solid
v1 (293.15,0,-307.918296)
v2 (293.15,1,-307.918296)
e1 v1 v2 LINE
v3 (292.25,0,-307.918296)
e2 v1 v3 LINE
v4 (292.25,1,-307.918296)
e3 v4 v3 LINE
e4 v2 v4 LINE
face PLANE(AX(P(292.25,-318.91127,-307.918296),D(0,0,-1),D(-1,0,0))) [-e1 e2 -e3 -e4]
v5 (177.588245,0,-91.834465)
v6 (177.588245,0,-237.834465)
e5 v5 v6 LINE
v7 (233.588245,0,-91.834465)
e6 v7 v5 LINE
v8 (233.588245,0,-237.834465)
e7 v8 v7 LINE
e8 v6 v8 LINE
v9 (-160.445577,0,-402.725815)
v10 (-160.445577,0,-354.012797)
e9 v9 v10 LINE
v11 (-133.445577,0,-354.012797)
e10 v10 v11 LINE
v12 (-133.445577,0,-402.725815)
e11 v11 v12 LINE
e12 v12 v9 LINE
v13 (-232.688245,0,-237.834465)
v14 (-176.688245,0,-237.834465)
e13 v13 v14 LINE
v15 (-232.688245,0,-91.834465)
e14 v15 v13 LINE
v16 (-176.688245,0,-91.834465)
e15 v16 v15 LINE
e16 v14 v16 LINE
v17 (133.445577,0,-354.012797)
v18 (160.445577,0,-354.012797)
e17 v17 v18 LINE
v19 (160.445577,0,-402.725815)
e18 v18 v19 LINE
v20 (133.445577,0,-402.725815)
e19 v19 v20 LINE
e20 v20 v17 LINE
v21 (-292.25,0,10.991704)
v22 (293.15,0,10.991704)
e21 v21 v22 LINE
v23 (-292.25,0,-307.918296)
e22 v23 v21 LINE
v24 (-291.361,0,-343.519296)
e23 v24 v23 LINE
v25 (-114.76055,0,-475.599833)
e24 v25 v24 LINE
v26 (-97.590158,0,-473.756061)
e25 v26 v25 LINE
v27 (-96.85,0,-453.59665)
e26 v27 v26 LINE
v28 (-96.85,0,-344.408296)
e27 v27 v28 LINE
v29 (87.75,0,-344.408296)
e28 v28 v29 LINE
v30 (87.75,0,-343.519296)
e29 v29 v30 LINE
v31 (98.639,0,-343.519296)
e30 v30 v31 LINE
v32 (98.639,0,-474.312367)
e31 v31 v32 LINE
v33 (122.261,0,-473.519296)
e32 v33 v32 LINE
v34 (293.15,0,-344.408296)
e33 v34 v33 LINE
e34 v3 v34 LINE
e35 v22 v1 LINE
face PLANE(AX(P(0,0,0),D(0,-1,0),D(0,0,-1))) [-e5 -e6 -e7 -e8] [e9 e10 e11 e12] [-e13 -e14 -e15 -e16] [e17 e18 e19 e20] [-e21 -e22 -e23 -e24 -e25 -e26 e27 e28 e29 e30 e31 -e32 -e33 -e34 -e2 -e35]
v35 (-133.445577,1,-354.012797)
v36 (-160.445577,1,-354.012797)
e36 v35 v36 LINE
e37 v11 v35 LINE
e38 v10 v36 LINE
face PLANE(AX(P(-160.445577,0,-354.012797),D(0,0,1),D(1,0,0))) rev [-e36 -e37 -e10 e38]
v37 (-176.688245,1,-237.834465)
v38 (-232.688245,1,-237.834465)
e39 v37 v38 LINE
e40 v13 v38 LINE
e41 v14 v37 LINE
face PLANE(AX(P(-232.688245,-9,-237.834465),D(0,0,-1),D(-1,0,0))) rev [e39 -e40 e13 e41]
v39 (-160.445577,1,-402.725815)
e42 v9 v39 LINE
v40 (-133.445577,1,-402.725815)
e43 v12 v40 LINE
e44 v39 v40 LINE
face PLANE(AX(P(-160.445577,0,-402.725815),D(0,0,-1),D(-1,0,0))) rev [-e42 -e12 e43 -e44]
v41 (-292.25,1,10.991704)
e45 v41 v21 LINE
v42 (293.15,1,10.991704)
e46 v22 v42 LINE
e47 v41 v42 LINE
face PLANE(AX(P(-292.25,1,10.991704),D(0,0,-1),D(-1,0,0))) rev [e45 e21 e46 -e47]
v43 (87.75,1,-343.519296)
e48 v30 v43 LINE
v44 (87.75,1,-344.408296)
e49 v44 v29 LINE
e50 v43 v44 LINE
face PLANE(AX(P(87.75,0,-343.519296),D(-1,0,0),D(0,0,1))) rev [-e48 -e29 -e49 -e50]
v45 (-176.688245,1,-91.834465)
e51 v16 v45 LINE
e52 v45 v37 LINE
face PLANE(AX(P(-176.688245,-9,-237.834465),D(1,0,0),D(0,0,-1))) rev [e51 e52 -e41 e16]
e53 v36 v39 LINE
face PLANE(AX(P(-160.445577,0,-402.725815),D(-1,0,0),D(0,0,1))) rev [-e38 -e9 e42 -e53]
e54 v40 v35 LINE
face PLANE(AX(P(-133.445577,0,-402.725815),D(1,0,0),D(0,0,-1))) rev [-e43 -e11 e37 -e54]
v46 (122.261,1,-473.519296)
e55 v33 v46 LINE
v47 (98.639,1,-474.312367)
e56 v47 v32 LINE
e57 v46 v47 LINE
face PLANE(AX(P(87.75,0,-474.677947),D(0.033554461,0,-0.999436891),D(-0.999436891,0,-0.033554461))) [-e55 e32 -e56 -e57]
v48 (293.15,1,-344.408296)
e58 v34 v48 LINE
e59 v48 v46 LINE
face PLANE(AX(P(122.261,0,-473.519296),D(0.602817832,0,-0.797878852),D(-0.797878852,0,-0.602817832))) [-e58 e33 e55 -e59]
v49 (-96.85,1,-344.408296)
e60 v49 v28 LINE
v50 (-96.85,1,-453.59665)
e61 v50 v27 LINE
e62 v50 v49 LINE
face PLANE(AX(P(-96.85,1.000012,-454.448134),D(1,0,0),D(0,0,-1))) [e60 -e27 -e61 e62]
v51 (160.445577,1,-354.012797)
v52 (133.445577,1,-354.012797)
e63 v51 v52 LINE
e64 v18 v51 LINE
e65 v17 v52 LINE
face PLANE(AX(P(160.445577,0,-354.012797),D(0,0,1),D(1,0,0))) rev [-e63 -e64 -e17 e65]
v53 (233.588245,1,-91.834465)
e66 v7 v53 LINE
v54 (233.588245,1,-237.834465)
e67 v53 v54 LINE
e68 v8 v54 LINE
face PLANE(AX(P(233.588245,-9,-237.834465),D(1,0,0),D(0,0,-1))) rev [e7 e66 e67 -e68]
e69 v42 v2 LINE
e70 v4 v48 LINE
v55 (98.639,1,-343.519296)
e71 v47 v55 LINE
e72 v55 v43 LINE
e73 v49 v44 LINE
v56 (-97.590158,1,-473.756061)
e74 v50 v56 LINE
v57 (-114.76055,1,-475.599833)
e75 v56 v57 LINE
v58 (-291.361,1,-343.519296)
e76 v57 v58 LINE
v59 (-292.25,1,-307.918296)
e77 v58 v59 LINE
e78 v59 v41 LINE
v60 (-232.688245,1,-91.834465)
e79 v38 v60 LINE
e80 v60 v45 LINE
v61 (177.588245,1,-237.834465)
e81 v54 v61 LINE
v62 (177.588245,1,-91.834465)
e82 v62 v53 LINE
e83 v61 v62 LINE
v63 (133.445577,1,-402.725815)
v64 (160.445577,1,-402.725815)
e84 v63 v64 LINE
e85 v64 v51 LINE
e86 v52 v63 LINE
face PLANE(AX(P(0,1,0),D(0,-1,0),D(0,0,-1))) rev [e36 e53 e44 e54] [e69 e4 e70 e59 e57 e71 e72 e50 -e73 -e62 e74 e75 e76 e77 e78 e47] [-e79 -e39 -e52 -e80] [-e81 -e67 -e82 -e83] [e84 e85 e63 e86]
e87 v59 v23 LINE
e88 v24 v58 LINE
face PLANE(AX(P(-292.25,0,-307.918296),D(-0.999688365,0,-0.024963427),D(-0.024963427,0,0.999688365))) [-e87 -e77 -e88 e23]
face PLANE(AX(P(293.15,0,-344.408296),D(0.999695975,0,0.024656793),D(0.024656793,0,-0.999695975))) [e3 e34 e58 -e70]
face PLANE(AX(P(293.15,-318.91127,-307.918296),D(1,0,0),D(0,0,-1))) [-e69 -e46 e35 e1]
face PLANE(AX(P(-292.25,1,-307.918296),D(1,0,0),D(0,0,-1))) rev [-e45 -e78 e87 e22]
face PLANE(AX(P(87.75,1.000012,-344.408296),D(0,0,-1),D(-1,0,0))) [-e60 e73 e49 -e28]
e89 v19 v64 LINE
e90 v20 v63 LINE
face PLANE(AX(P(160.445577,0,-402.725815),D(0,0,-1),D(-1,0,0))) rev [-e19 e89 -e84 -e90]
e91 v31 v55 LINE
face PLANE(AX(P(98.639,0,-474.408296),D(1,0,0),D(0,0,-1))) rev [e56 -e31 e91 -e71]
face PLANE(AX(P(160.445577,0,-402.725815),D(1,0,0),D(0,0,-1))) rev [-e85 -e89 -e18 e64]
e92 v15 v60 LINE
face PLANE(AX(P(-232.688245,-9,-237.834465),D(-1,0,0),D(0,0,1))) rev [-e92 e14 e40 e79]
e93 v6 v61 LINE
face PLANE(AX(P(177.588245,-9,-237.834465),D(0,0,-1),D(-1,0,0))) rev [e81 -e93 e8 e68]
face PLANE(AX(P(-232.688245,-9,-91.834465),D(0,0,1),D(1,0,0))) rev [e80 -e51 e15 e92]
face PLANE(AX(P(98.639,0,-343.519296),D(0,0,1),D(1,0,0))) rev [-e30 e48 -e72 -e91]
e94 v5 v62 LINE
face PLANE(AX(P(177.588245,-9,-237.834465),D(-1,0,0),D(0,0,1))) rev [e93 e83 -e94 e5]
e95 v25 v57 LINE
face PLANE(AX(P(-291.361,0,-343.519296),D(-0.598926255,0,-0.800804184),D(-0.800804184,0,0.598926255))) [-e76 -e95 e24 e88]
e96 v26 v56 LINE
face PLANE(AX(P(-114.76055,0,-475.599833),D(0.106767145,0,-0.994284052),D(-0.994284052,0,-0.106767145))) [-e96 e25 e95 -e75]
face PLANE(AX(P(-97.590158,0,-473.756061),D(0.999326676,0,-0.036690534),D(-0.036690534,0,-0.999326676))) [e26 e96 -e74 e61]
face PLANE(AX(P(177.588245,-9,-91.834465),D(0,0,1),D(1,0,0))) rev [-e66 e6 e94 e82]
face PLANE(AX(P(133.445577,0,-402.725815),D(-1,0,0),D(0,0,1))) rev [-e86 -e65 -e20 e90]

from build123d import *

# Parameters (mm, degrees)
BOSS_EXTRUDE1_DEPTH     = 1
SKETCH3_W               = 56
SKETCH3_H               = 146
CUT_EXTRUDE2_DEPTH      = 10
CUT_EXTRUDE4_DEPTH      = 607.465859368
CUT_EXTRUDE4_DEPTH_BACK = 607.465859368
SKETCH4_W               = 323.526326174
SKETCH4_H               = 73.784869865
SKETCH5_W               = 0.9
SKETCH5_H               = 318.91
BOSS_EXTRUDE2_DEPTH     = 1
CUT_EXTRUDE6_DEPTH      = 558.674774622
CUT_EXTRUDE6_DEPTH_BACK = 11.5
SKETCH6_W               = 184.6
SKETCH6_H               = 110.039837523
CUT_EXTRUDE7_DEPTH      = 558.674774622
CUT_EXTRUDE7_DEPTH_BACK = 558.674774622
SKETCH7_W               = 27
SKETCH7_H               = 48.713018504
CUT_EXTRUDE8_DEPTH      = 558.674774622
CUT_EXTRUDE8_DEPTH_BACK = 558.674774622
SKETCH8_W               = 268.184865131
SKETCH8_H               = 40.991987157
BOSS_EXTRUDE3_DEPTH     = 1
CUT_EXTRUDE9_DEPTH      = 559.688754003
CUT_EXTRUDE9_DEPTH_BACK = 559.688754003


with BuildPart() as part:
    # Sketch1 → Boss-Extrude1 (new body)
    with BuildSketch(Plane(origin=(0, 0, 0), x_dir=(1, 0, 0), z_dir=(0, 1, 0))):
        Polygon((-292.25, 307.91829646), (-292.25, -10.99170354), (292.25, -10.99170354), (292.25, 307.91829646), (0, 531.403590578), align=None)
    extrude(amount=BOSS_EXTRUDE1_DEPTH)

    # Sketch3 → Cut-Extrude2 (cut)
    with BuildSketch(Plane(origin=(0, 1, 0), x_dir=(1, 0, 0), z_dir=(0, 1, 0))):
        with Locations((-204.688244909, 164.834464834)):
            Rectangle(SKETCH3_W, SKETCH3_H)
        with Locations((205.588244909, 164.834464834)):
            Rectangle(SKETCH3_W, SKETCH3_H)
    extrude(amount=-CUT_EXTRUDE2_DEPTH, mode=Mode.SUBTRACT)

    # Sketch4 → Cut-Extrude4 (cut, two sides: drawn at the far end of the back side and taken through both)
    with BuildSketch(Plane(origin=(0, 1, 0), x_dir=(1, 0, 0), z_dir=(0, 1, 0)).offset(-CUT_EXTRUDE4_DEPTH_BACK)):
        with Locations((-21.051035773, 511.300731392)):
            Rectangle(SKETCH4_W, SKETCH4_H)
    extrude(amount=CUT_EXTRUDE4_DEPTH + CUT_EXTRUDE4_DEPTH_BACK, mode=Mode.SUBTRACT)

    # Sketch5 → Boss-Extrude2 (add)
    with BuildSketch(Plane(origin=(0, 1, 0), x_dir=(1, 0, 0), z_dir=(0, 1, 0))):
        with Locations((292.7, 148.46329646)):
            Rectangle(SKETCH5_W, SKETCH5_H)
    extrude(amount=-BOSS_EXTRUDE2_DEPTH)

    # Sketch6 → Cut-Extrude6 (cut, two sides: drawn at the far end of the back side and taken through both)
    with BuildSketch(Plane(origin=(0, 1, 0), x_dir=(1, 0, 0), z_dir=(0, 1, 0)).offset(-CUT_EXTRUDE6_DEPTH_BACK)):
        with Locations((-4.55, 399.428215222)):
            Rectangle(SKETCH6_W, SKETCH6_H)
    extrude(amount=CUT_EXTRUDE6_DEPTH + CUT_EXTRUDE6_DEPTH_BACK, mode=Mode.SUBTRACT)

    # Sketch7 → Cut-Extrude7 (cut, two sides: drawn at the far end of the back side and taken through both)
    with BuildSketch(Plane(origin=(0, 1, 0), x_dir=(1, 0, 0), z_dir=(0, 1, 0)).offset(-CUT_EXTRUDE7_DEPTH_BACK)):
        with Locations((-146.945577185, 378.369305764)):
            Rectangle(SKETCH7_W, SKETCH7_H)
        with Locations((146.945577185, 378.369305764)):
            Rectangle(SKETCH7_W, SKETCH7_H)
    extrude(amount=CUT_EXTRUDE7_DEPTH + CUT_EXTRUDE7_DEPTH_BACK, mode=Mode.SUBTRACT)

    # Sketch8 → Cut-Extrude8 (cut, two sides: drawn at the far end of the back side and taken through both)
    with BuildSketch(Plane(origin=(0, 1, 0), x_dir=(1, 0, 0), z_dir=(0, 1, 0)).offset(-CUT_EXTRUDE8_DEPTH_BACK)):
        with Locations((19.664678058, 474.092644014)):
            Rectangle(SKETCH8_W, SKETCH8_H)
    extrude(amount=CUT_EXTRUDE8_DEPTH + CUT_EXTRUDE8_DEPTH_BACK, mode=Mode.SUBTRACT)

    # Sketch9 → Boss-Extrude3 (add)
    with BuildSketch(Plane(origin=(0, 1, 0), x_dir=(1, 0, 0), z_dir=(0, 1, 0))):
        Polygon((-292.25, 307.91829646), (-291.361, 343.51929646), (-114.760549692, 475.59983321), (-97.590157883, 473.756060592), (-96.85, 453.596650435), (-101.74753711, 453.596650435), align=None)
        Polygon((87.75, 453.596650435), (87.75, 474.677946901), (122.261, 473.51929646), (293.15, 344.40829646), (292.25, 307.91829646), (101.74753711, 453.596650435), align=None)
    extrude(amount=-BOSS_EXTRUDE3_DEPTH)

    # Sketch10 → Cut-Extrude9 (cut, two sides: drawn at the far end of the back side and taken through both)
    with BuildSketch(Plane(origin=(0, 1, 0), x_dir=(1, 0, 0), z_dir=(0, 1, 0)).offset(-CUT_EXTRUDE9_DEPTH_BACK)):
        Polygon((87.75, 474.677946901), (98.639, 474.40829646), (98.639, 343.51929646), (87.75, 343.51929646), align=None)
    extrude(amount=CUT_EXTRUDE9_DEPTH + CUT_EXTRUDE9_DEPTH_BACK, mode=Mode.SUBTRACT)


solid = part.part
